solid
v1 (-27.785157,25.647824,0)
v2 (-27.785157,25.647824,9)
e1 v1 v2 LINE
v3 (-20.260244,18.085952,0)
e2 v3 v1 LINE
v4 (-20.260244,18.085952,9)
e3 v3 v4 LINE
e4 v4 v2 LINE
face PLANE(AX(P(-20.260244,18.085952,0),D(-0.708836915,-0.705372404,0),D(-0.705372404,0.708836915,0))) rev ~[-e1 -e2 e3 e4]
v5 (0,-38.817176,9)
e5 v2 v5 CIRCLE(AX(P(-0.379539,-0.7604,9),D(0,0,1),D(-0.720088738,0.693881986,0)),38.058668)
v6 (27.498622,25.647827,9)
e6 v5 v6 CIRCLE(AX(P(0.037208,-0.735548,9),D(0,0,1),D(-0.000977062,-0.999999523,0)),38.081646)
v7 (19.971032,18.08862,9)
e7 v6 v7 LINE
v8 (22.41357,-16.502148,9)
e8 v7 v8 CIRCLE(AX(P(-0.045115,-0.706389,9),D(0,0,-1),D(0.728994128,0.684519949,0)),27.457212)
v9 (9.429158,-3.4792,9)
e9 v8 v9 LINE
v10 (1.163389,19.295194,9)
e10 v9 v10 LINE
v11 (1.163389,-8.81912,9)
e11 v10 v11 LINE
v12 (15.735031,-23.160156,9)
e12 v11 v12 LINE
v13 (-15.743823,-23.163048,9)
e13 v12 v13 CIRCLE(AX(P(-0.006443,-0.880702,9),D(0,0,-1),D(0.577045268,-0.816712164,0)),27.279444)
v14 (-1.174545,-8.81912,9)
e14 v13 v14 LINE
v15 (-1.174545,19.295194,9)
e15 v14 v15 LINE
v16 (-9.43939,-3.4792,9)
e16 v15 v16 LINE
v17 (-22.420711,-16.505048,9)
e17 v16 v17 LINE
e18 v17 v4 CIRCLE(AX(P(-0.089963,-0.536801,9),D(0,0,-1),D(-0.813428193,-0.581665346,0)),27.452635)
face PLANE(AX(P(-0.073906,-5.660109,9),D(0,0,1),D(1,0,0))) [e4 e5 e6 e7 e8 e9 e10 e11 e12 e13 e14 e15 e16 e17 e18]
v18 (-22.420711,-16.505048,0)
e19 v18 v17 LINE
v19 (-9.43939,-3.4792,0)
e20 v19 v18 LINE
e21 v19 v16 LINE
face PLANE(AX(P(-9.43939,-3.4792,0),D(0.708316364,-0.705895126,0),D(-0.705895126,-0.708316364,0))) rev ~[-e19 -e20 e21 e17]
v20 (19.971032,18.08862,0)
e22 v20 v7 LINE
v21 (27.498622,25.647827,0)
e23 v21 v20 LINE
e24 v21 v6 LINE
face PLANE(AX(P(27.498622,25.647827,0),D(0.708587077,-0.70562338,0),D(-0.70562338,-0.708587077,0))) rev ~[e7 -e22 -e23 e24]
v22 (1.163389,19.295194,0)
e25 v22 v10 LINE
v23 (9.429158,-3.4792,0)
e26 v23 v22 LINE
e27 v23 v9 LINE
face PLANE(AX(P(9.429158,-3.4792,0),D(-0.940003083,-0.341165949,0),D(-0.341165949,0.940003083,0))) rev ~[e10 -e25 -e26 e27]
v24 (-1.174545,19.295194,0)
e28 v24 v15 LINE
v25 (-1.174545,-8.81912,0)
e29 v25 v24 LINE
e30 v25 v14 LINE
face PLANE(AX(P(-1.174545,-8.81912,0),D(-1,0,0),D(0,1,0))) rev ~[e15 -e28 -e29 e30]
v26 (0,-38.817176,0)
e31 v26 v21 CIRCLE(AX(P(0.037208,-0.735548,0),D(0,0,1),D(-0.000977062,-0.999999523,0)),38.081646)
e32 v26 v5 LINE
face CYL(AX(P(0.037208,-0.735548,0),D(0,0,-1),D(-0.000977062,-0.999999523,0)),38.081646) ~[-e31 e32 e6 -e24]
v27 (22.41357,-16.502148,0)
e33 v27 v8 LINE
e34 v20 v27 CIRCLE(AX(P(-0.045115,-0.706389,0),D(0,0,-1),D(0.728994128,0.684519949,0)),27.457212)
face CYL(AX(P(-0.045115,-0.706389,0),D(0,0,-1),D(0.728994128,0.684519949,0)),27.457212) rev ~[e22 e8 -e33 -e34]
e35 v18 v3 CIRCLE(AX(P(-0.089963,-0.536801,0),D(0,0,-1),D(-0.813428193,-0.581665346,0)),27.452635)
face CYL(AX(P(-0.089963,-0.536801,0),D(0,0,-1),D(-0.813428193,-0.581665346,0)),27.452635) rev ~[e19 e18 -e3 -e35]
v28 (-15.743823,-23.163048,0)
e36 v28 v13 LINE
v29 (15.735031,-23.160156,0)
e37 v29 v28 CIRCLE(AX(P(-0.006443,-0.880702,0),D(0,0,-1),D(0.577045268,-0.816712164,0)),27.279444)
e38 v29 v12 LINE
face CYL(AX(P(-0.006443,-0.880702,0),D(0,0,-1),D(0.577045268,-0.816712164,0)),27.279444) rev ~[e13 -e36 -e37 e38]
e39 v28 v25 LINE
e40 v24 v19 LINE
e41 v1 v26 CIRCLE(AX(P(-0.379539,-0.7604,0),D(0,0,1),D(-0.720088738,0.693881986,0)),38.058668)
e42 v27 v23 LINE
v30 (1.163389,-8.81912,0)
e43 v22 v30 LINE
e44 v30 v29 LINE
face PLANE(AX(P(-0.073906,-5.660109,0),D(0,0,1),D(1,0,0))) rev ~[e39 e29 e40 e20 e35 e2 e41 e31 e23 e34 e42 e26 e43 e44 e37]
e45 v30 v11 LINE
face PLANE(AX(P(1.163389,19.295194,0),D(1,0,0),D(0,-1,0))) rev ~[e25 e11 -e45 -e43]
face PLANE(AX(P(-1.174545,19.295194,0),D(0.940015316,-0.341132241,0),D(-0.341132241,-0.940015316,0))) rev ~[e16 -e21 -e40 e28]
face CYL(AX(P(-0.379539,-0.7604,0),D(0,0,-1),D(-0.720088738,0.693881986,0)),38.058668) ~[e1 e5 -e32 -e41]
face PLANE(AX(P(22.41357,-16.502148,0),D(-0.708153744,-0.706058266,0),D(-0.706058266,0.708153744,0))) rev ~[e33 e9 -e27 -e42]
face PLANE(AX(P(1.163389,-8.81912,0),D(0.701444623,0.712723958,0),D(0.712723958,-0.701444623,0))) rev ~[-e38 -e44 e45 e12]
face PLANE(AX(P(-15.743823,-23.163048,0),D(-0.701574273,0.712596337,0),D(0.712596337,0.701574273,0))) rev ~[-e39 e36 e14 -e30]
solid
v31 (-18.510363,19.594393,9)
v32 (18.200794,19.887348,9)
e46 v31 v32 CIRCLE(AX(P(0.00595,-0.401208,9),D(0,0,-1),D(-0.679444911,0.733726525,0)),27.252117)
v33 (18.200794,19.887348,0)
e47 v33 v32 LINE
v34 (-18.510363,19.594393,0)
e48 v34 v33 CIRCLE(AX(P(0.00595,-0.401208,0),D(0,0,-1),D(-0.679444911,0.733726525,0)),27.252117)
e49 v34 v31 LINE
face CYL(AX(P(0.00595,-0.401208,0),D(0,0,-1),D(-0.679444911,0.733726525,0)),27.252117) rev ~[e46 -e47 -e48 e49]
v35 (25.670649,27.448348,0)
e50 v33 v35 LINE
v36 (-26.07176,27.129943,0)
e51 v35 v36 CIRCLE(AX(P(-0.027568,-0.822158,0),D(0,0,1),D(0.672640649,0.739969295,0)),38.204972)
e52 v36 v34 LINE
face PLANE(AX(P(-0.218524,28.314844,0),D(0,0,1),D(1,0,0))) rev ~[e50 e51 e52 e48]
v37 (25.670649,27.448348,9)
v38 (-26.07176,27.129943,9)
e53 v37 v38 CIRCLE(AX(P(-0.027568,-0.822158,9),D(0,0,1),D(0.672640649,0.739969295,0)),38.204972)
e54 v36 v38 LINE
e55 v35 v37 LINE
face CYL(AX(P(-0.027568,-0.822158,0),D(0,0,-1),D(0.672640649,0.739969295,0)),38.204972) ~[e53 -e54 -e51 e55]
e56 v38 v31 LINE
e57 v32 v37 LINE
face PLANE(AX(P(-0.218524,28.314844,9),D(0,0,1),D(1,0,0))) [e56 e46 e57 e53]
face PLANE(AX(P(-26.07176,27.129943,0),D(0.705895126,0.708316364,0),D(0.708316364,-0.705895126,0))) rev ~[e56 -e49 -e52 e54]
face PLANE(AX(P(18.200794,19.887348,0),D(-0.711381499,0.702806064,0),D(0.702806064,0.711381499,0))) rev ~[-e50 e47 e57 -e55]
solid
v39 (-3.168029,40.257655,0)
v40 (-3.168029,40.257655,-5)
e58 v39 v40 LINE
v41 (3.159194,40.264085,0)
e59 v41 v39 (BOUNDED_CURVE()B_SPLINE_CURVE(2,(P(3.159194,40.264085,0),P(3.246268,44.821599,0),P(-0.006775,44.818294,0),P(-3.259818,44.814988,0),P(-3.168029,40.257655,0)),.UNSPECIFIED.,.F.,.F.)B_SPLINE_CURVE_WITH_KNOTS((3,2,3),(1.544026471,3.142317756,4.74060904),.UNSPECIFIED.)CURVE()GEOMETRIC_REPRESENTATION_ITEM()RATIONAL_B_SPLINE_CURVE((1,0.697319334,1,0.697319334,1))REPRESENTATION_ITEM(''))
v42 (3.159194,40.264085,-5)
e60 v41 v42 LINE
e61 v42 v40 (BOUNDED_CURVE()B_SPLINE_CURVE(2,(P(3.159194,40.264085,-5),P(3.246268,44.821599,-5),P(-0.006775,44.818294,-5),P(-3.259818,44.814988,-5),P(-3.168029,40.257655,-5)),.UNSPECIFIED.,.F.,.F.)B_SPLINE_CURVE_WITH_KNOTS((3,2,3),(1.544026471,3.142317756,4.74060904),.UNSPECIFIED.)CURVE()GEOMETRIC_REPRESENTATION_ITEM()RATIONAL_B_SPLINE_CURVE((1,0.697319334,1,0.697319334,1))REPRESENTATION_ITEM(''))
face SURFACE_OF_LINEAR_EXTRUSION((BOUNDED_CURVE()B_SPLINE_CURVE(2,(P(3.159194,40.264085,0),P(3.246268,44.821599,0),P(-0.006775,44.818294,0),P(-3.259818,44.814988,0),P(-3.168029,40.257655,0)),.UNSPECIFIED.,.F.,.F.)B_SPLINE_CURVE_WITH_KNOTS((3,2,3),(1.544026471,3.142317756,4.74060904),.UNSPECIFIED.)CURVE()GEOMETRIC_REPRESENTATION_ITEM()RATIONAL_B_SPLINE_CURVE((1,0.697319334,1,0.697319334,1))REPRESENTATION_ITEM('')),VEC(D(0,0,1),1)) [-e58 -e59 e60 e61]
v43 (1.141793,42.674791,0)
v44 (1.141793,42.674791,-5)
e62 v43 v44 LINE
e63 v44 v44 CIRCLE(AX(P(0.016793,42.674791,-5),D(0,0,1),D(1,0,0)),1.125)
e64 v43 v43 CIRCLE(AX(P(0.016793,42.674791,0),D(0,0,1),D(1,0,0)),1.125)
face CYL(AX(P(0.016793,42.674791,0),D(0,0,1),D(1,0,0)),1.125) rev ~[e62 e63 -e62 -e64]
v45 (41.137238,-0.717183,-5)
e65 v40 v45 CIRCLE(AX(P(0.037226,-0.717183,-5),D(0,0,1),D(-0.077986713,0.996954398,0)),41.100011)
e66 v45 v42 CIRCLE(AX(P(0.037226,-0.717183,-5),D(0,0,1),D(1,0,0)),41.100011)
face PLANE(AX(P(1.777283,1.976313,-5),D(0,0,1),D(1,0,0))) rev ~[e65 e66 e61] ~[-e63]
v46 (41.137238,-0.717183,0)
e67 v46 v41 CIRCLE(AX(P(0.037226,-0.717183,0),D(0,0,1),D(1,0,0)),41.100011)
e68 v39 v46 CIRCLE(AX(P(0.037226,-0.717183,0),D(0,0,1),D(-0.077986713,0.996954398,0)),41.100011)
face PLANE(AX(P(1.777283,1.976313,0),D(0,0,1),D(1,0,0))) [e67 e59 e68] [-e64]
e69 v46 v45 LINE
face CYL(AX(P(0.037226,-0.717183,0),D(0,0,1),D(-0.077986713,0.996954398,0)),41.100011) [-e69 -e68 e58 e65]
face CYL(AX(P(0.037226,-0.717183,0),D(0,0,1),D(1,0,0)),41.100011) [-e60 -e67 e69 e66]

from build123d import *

# Parameters (mm, degrees)
F1_DEPTH = 9
F2_R     = 1.125
F3_DEPTH = 5


with BuildPart() as f1:
    # F0 (on Top) → F1 (new body)
    with BuildSketch(Plane.XY):
        with BuildLine():
            ThreePointArc((-27.7851572983, 25.6478241513), (-35.3300224623, -15.8244609789), (0, -38.8171758487))
            ThreePointArc((0, -38.8171758487), (35.0651386041, -15.6772961153), (27.4986219097, 25.6478270487))
            Line((27.4986219097, 25.6478270487), (19.9710316921, 18.0886201117))
            ThreePointArc((19.9710316921, 18.0886201117), (27.3438998715, 1.2276154513), (22.4135696041, -16.5021478523))
            Line((22.4135696041, -16.5021478523), (9.429158096, -3.4792004982))
            Line((9.429158096, -3.4792004982), (1.1633894868, 19.2951941875))
            Line((1.1633894868, 19.2951941875), (1.1633894868, -8.8191203378))
            Line((1.1633894868, -8.8191203378), (15.7350308146, -23.1601556565))
            ThreePointArc((15.7350308146, -23.1601556565), (-0.0039367496, -28.1601458159), (-15.7438228851, -23.1630480561))
            Line((-15.7438228851, -23.1630480561), (-1.1745452514, -8.8191203378))
            Line((-1.1745452514, -8.8191203378), (-1.1745452514, 19.2951941875))
            Line((-1.1745452514, 19.2951941875), (-9.439389619, -3.4792004982))
            Line((-9.439389619, -3.4792004982), (-22.4207109125, -16.5050480561))
            ThreePointArc((-22.4207109125, -16.5050480561), (-27.4892093495, 1.1744861794), (-20.2602444936, 18.0859519439))
            Line((-20.2602444936, 18.0859519439), (-27.7851572983, 25.6478241513))
        make_face()
    extrude(amount=F1_DEPTH)


with BuildPart() as f1b:
    # F0 (on Top) → F1, piece 2 (new body)
    with BuildSketch(Plane.XY):
        with BuildLine():
            Line((18.2007942971, 19.8873482903), (25.6706493045, 27.4483482903))
            ThreePointArc((25.6706493045, 27.4483482903), (-0.2626638955, 37.3820908069), (-26.0717600144, 27.129943157))
            Line((-26.0717600144, 27.129943157), (-18.5103627229, 19.5943929955))
            ThreePointArc((-18.5103627229, 19.5943929955), (-0.2115154455, 26.8500413147), (18.2007942971, 19.8873482903))
        make_face()
    extrude(amount=F1_DEPTH)


with BuildPart() as f3:
    # F2 (on Top) → F3 (new body)
    with BuildSketch(Plane.XY):
        with BuildLine():
            ThreePointArc((-3.1680287262, 40.2576545843), (-27.8686418755, -30.8912355971), (41.137237508, -0.7171825961))
            ThreePointArc((41.137237508, -0.7171825961), (30.1829046543, 27.2193347766), (3.1591944081, 40.2640845141))
            add(Edge.make_bspline(
                [(-0.0044802468, 35.9473205903), (3.0767209483, 35.9473205903), (3.1591944081, 40.2640845141)],
                knots=[0, 0, 0, 1.5440264712, 1.5440264712, 1.5440264712], degree=2, weights=[1, 0.7165077314, 1]))
            add(Edge.make_bspline(
                [(-3.1680287262, 40.2576545843), (-3.0812146223, 35.9473205903), (-0.0044802468, 35.9473205903)],
                knots=[4.7406090401, 4.7406090401, 4.7406090401, 6.2831853072, 6.2831853072, 6.2831853072], degree=2, weights=[1, 0.7170133591, 1]))
        make_face()
        with BuildLine():
            add(Edge.make_bspline(
                [(-0.0044802468, 35.9473205903), (3.0767209483, 35.9473205903), (3.1591944081, 40.2640845141)],
                knots=[0, 0, 0, 1.5440264712, 1.5440264712, 1.5440264712], degree=2, weights=[1, 0.7165077314, 1]))
            ThreePointArc((3.1591944081, 40.2640845141), (-0.0045410765, 40.3828076201), (-3.1680287262, 40.2576545843))
            add(Edge.make_bspline(
                [(-3.1680287262, 40.2576545843), (-3.0812146223, 35.9473205903), (-0.0044802468, 35.9473205903)],
                knots=[4.7406090401, 4.7406090401, 4.7406090401, 6.2831853072, 6.2831853072, 6.2831853072], degree=2, weights=[1, 0.7170133591, 1]))
        make_face()
        with BuildLine():
            ThreePointArc((-3.1680287262, 40.2576545843), (-0.0045410765, 40.3828076201), (3.1591944081, 40.2640845141))
            add(Edge.make_bspline(
                [(3.1591944081, 40.2640845141), (3.2462675101, 44.821599455), (-0.0067750558, 44.8182936074), (-3.2598176216, 44.8149877598), (-3.1680287262, 40.2576545843)],
                knots=[1.5440264712, 1.5440264712, 1.5440264712, 3.1423177556, 3.1423177556, 4.7406090401, 4.7406090401, 4.7406090401], degree=2, weights=[1, 0.6973193338, 1, 0.6973193338, 1]))
        make_face()
        with Locations((0.0167925687, 42.6747910513)):
            Circle(F2_R, mode=Mode.SUBTRACT)
    extrude(amount=-F3_DEPTH)


solid = Compound([f1.part, f1b.part, f3.part])
